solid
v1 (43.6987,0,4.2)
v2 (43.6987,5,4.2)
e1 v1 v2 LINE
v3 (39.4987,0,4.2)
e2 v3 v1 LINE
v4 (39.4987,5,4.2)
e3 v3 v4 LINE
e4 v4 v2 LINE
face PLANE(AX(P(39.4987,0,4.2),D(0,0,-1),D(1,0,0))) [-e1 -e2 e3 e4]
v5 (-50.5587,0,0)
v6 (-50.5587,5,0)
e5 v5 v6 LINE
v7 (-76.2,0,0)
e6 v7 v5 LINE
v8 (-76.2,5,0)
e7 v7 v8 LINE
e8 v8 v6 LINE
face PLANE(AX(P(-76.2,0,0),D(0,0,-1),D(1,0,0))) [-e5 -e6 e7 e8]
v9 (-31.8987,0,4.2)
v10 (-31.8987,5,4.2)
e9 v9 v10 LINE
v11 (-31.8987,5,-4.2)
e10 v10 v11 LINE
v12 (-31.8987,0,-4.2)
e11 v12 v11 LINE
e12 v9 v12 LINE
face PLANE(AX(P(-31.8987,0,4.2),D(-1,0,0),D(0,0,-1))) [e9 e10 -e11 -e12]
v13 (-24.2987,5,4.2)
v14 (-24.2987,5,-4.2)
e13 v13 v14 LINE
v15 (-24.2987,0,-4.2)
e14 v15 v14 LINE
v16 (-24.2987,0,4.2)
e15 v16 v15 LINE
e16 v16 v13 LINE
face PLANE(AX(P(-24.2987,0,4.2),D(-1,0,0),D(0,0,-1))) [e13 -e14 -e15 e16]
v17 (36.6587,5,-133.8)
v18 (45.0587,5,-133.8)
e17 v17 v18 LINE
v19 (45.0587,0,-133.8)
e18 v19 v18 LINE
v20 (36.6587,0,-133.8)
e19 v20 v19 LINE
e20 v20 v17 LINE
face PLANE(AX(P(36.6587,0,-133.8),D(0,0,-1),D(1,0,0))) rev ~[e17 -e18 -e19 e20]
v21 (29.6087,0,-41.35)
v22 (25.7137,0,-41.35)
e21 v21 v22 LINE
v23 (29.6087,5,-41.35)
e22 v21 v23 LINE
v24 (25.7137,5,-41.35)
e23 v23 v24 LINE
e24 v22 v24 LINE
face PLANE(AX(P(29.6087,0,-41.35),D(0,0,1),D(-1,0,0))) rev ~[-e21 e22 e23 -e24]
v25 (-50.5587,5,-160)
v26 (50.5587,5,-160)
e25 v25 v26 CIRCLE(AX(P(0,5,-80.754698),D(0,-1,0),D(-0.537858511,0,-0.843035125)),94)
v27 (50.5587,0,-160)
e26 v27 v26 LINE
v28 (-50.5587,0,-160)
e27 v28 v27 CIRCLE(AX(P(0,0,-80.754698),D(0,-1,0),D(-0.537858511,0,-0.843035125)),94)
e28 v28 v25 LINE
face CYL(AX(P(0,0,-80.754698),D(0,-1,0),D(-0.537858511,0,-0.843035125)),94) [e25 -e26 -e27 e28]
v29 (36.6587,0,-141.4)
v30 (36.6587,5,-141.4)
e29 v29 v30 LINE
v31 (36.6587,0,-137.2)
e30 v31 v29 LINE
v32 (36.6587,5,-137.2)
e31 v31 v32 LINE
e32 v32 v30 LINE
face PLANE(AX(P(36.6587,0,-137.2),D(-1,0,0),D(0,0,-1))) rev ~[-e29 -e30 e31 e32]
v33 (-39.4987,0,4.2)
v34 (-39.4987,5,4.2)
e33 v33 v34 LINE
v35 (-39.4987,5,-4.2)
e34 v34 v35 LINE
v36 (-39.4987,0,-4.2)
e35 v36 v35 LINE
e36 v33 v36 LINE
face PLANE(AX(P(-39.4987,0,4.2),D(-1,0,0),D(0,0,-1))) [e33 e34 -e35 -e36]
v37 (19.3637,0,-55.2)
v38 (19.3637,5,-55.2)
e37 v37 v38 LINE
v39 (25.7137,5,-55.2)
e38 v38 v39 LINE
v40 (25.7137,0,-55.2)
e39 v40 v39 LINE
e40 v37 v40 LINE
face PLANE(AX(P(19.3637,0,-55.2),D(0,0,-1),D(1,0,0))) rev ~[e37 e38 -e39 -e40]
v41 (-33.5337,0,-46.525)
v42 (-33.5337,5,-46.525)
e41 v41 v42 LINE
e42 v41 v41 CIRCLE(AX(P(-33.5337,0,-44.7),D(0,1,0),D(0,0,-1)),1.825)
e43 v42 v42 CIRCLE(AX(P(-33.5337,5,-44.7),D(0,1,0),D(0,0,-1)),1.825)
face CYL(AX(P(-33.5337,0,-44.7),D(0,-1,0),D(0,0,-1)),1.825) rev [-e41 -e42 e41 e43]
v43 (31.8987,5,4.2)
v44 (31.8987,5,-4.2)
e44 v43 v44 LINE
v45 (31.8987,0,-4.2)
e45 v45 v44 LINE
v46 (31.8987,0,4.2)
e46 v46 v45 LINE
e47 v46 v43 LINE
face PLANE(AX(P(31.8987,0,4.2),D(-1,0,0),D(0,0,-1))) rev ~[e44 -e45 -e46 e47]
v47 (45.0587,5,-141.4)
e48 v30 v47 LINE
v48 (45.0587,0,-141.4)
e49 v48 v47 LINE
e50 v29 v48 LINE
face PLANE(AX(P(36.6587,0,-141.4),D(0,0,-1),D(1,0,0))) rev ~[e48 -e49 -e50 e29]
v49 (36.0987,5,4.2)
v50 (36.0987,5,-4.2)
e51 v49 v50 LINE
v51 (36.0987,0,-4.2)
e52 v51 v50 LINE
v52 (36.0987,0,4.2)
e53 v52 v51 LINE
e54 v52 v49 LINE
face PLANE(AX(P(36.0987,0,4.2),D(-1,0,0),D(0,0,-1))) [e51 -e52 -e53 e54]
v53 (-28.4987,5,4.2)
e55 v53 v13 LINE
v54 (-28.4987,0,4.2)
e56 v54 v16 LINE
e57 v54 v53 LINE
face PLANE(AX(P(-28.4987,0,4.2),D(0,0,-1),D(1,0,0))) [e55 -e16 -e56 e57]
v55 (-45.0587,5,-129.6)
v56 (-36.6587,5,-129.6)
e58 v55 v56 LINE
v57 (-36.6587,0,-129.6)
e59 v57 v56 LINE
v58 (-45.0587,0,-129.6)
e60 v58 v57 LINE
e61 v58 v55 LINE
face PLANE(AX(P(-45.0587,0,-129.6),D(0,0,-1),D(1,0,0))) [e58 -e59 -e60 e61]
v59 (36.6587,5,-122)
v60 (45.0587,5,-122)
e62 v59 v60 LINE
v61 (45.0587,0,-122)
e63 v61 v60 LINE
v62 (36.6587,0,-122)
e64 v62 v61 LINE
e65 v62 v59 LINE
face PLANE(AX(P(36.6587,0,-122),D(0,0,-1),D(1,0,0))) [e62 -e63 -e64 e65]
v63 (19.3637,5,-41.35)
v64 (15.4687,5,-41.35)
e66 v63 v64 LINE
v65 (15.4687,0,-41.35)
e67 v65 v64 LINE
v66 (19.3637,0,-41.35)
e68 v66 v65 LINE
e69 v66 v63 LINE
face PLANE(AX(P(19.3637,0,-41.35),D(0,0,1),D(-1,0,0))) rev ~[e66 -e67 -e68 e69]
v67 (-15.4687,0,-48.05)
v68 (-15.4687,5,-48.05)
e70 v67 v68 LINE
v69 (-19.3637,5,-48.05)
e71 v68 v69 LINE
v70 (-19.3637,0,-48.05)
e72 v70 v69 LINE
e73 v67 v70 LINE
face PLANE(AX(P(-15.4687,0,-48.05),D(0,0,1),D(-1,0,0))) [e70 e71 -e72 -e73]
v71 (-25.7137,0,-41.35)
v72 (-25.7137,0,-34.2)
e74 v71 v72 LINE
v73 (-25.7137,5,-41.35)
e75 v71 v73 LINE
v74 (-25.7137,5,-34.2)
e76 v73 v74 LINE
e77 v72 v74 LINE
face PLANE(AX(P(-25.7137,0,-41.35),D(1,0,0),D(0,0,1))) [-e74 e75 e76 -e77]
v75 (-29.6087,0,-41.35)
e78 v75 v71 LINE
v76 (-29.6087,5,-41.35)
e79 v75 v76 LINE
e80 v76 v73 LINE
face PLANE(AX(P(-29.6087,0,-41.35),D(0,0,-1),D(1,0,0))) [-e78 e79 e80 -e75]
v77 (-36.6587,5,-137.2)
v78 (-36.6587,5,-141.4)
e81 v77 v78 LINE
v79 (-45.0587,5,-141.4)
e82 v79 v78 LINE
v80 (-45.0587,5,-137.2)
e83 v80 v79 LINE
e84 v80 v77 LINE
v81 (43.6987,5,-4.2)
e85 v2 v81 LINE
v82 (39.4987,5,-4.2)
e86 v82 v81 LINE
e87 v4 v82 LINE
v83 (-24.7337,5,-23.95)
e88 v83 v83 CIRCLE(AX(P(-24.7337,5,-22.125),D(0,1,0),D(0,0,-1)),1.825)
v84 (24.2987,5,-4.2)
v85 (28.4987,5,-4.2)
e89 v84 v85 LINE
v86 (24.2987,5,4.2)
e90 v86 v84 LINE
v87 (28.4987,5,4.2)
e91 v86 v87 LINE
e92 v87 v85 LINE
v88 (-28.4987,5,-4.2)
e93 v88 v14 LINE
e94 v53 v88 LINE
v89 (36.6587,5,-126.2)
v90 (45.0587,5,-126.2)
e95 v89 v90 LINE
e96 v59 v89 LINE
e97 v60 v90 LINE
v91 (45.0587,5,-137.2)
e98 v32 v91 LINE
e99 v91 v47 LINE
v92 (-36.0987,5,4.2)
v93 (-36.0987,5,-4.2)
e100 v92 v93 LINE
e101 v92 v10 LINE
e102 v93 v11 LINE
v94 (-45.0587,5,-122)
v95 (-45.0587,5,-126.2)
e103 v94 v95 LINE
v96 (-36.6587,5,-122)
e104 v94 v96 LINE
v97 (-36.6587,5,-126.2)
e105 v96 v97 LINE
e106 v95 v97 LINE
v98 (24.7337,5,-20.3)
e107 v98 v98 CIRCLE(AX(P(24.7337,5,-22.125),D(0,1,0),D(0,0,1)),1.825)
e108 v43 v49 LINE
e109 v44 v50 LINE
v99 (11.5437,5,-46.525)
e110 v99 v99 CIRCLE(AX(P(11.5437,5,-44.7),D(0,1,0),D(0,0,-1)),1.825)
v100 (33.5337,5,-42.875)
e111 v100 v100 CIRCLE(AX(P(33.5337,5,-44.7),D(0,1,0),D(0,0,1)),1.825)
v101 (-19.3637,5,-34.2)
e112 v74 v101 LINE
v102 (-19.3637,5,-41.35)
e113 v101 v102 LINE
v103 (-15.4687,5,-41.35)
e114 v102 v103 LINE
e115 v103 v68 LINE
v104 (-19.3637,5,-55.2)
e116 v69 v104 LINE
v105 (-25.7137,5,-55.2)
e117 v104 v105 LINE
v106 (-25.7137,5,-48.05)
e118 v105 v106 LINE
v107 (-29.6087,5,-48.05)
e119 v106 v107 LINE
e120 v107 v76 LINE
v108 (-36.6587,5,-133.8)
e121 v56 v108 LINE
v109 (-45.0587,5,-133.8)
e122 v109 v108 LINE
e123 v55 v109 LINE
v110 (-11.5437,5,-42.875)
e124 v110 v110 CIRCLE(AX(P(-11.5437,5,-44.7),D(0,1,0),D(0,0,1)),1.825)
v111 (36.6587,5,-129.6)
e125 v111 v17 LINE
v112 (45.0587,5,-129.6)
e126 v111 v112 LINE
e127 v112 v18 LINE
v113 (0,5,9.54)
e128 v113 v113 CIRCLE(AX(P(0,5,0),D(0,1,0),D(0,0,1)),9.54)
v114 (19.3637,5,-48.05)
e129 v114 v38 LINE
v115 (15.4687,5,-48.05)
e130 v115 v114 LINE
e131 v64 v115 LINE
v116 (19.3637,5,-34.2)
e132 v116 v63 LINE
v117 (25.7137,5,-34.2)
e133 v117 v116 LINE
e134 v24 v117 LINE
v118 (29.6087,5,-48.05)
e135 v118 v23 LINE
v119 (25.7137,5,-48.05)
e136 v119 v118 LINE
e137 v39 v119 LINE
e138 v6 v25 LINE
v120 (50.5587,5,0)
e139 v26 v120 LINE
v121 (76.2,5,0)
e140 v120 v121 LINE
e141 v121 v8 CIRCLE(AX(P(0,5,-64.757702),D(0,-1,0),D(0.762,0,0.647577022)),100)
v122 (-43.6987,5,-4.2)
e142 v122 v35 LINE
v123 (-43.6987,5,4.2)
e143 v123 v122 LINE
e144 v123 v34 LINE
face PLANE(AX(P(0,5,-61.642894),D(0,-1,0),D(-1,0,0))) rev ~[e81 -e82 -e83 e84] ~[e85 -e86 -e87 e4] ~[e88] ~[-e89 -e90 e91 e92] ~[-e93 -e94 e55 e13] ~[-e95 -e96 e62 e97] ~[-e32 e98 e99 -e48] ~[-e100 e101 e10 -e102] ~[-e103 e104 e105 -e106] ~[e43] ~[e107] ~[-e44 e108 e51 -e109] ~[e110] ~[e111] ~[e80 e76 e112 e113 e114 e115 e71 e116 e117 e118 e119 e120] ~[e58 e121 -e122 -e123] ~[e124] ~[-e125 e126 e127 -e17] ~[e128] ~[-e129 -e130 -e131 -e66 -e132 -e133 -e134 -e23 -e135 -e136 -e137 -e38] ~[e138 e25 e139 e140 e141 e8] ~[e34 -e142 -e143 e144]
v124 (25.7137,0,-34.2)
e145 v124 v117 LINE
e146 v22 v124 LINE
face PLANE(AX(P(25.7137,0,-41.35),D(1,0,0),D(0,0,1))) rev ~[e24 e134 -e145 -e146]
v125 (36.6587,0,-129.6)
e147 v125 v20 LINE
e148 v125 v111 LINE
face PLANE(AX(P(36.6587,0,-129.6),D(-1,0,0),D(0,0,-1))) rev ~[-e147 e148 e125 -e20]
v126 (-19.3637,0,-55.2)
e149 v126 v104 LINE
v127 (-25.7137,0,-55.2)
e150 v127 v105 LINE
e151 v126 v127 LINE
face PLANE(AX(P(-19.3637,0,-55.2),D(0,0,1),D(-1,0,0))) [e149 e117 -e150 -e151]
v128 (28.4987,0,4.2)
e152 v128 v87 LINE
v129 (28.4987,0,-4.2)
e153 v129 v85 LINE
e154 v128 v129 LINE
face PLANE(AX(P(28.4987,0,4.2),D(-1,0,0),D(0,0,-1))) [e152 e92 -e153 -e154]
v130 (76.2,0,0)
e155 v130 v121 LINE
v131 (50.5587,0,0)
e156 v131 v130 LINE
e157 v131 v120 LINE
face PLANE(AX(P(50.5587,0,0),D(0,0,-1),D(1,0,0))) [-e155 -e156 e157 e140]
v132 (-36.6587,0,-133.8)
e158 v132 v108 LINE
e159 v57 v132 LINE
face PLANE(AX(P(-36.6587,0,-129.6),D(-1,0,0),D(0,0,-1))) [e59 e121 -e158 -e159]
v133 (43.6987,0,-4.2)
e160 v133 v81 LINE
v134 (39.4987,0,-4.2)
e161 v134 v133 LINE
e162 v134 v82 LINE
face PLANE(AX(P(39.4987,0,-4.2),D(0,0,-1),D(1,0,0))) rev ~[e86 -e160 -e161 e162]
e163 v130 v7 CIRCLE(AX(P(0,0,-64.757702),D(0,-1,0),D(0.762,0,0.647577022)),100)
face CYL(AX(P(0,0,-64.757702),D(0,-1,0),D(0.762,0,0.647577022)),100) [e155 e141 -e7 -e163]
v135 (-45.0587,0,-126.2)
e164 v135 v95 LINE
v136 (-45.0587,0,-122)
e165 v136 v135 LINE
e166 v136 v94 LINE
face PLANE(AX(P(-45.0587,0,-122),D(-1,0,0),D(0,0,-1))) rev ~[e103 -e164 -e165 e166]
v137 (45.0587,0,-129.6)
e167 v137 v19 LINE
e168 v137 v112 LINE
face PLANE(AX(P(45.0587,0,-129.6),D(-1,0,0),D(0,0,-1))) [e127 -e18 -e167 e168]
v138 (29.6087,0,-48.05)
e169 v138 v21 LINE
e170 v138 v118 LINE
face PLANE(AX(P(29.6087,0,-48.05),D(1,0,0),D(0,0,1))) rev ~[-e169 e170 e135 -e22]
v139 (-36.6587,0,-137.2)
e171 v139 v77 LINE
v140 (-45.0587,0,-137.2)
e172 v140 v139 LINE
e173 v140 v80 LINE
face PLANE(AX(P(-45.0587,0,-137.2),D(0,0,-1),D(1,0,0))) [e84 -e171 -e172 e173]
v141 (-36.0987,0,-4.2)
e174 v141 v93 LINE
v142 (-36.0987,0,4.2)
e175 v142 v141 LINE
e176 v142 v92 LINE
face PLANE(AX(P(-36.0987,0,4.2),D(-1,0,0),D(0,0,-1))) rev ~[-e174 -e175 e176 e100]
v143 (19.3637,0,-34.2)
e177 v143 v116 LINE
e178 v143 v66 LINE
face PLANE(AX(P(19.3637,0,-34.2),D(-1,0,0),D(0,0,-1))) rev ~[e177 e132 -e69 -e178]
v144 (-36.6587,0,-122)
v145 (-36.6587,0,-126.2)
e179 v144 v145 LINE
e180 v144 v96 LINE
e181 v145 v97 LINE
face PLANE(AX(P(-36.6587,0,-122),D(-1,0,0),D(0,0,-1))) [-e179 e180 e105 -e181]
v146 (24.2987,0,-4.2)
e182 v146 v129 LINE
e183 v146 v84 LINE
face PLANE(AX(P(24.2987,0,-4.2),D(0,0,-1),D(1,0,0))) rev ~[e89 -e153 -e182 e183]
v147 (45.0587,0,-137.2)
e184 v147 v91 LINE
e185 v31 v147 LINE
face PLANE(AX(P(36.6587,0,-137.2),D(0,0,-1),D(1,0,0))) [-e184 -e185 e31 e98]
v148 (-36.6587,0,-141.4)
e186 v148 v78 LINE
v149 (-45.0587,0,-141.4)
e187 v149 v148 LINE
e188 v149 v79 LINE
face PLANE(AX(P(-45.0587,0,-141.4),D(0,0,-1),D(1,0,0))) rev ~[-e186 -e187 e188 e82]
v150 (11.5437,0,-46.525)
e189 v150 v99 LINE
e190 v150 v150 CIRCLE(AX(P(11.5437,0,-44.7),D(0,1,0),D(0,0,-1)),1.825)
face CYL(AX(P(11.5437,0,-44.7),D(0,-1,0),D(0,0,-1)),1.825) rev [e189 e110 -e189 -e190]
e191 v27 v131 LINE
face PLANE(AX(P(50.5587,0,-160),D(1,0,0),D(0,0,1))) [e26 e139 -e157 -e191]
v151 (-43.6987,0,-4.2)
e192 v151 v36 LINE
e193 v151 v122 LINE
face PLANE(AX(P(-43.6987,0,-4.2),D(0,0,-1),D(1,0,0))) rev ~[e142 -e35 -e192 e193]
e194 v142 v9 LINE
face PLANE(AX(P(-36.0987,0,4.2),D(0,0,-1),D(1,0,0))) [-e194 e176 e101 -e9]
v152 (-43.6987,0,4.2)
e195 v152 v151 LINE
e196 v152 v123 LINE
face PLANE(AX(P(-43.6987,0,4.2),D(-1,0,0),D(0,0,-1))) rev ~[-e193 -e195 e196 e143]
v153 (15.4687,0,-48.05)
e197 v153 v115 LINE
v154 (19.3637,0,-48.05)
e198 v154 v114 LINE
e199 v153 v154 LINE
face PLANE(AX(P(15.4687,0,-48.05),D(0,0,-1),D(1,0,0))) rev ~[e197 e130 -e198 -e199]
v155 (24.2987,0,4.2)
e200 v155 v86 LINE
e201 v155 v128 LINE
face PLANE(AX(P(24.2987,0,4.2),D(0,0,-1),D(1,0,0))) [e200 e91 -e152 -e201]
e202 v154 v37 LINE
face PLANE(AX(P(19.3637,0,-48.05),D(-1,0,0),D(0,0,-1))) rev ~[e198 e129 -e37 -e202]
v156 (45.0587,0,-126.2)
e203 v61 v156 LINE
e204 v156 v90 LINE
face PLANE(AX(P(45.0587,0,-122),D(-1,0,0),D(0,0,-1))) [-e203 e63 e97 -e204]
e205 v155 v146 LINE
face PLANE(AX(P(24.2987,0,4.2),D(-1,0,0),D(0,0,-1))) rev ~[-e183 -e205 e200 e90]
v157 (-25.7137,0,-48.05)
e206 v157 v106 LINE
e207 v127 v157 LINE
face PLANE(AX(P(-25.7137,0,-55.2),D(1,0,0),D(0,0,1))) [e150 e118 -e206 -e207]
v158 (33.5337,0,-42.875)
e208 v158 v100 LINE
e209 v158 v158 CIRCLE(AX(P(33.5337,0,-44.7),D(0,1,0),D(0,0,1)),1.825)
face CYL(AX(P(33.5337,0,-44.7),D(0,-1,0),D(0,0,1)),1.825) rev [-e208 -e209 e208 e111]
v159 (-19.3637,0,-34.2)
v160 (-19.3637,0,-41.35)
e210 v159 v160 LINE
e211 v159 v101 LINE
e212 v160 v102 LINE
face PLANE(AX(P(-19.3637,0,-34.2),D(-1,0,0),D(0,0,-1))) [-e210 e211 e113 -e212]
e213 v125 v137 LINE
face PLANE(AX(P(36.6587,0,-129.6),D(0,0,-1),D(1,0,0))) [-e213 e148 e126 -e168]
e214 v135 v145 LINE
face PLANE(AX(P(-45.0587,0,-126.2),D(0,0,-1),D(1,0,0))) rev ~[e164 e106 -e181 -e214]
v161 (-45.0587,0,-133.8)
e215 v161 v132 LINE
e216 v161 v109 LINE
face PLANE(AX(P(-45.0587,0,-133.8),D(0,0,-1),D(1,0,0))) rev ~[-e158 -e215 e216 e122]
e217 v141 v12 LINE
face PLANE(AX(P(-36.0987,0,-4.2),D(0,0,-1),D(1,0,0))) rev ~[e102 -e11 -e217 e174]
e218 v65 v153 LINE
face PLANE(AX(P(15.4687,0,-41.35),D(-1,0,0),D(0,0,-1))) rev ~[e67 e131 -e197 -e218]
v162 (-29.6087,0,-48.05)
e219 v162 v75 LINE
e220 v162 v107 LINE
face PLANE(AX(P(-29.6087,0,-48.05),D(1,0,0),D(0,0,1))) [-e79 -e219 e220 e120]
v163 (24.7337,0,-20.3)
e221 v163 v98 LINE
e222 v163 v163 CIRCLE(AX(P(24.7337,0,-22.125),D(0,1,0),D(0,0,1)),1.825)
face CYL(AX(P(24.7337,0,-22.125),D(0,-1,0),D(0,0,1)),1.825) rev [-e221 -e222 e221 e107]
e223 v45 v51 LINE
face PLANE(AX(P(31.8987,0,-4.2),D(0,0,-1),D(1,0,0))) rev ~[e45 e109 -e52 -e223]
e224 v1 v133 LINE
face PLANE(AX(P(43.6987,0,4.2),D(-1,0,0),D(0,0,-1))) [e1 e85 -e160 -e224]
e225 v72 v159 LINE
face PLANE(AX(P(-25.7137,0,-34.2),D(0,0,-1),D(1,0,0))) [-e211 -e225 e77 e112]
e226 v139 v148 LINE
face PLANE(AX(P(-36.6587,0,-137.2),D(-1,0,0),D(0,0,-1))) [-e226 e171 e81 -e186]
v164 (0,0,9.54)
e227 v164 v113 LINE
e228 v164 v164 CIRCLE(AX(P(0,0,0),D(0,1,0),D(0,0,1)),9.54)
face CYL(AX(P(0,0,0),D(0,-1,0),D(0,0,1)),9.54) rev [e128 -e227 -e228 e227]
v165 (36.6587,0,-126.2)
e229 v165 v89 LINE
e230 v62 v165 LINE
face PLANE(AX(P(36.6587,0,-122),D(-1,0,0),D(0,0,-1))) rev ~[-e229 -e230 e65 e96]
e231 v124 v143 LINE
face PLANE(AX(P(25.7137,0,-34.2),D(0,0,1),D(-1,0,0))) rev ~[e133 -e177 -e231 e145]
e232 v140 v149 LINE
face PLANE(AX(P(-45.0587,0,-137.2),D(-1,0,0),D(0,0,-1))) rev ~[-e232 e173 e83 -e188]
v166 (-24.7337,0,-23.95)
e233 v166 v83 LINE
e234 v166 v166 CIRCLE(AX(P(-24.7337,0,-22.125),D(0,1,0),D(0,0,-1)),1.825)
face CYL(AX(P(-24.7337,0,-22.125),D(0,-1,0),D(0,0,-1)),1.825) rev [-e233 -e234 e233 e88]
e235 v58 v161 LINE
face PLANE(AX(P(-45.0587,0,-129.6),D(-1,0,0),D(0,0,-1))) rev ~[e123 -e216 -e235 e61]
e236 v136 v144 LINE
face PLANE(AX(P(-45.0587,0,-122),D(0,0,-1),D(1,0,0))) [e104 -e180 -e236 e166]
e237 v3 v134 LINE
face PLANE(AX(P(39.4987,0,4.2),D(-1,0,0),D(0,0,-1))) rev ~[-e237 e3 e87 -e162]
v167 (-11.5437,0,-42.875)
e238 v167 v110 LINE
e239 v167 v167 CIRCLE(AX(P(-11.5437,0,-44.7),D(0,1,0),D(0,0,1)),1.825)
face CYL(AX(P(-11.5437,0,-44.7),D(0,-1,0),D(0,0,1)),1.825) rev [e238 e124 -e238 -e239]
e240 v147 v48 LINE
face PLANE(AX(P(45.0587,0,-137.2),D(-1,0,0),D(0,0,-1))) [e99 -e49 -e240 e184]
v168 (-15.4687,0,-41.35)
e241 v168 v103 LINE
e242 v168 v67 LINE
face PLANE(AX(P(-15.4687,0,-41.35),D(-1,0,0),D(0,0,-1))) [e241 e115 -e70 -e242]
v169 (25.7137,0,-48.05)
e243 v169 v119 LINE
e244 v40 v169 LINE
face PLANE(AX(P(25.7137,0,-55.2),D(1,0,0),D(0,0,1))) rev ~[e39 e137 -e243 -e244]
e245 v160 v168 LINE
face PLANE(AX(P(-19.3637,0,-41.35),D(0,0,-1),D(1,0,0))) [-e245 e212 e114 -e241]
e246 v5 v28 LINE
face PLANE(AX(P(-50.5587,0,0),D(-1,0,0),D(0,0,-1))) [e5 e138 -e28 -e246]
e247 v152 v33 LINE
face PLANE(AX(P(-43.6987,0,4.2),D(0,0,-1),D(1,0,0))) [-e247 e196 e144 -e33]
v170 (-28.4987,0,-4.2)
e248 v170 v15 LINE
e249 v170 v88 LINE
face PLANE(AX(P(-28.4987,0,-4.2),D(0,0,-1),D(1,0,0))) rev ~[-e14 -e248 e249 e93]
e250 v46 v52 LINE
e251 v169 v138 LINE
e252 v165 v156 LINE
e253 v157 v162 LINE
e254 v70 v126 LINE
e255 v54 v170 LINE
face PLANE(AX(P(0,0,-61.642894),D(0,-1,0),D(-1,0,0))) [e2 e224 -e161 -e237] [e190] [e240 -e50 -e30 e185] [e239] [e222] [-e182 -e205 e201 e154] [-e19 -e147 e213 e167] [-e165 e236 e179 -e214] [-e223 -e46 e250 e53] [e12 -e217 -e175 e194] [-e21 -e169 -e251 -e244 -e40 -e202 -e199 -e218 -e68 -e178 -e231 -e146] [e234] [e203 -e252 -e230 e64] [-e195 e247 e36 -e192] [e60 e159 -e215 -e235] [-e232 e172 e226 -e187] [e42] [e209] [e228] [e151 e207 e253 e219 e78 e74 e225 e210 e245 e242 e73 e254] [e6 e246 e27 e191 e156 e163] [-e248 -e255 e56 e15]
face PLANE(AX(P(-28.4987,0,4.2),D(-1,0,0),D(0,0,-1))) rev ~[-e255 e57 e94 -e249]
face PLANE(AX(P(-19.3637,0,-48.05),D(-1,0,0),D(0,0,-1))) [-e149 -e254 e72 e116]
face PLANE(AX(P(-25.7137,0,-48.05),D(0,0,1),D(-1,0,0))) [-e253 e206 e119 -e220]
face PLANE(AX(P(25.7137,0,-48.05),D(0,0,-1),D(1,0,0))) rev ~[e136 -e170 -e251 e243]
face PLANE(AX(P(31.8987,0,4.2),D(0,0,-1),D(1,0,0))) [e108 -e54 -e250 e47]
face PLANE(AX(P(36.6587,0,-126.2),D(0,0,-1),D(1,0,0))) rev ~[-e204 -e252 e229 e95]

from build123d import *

# Parameters (mm, degrees)
CROQUIS3_R              = 9.54
CROQUIS3_R_2            = 1.825
CROQUIS3_W              = 8.4
CROQUIS3_H              = 4.2
CROQUIS3_W_2            = 4.2
CROQUIS3_H_2            = 8.4
SALIENTE_EXTRUIR1_DEPTH = 5


with BuildPart() as part:
    # Croquis3 → Saliente-Extruir1 (new body)
    with BuildSketch(Plane(origin=(0, 0, 0), x_dir=(1, 0, 0), z_dir=(0, 1, 0))):
        with BuildLine():
            Line((50.5587, 0), (76.2, 0))
            ThreePointArc((76.2, 0), (0, -35.242297755), (-76.2, 0))
            Line((-76.2, 0), (-50.5587, 0))
            Line((-50.5587, 0), (-50.5587, 160))
            ThreePointArc((-50.5587, 160), (0, 174.754698219), (50.5587, 160))
            Line((50.5587, 160), (50.5587, 0))
        make_face()
        with Locations(Location((0, 0, 0), (0, 0, 270))):
            Circle(CROQUIS3_R, mode=Mode.SUBTRACT)
        with Locations(Location((33.5337, 44.7, 0), (0, 0, 270))):
            Circle(CROQUIS3_R_2, mode=Mode.SUBTRACT)
        with Locations(Location((11.5437, 44.7, 0), (0, 0, 90))):
            Circle(CROQUIS3_R_2, mode=Mode.SUBTRACT)
        with Locations(Location((-33.5337, 44.7, 0), (0, 0, 90))):
            Circle(CROQUIS3_R_2, mode=Mode.SUBTRACT)
        with Locations(Location((-11.5437, 44.7, 0), (0, 0, 270))):
            Circle(CROQUIS3_R_2, mode=Mode.SUBTRACT)
        with Locations(Location((24.7337, 22.125, 0), (0, 0, 270))):
            Circle(CROQUIS3_R_2, mode=Mode.SUBTRACT)
        with Locations(Location((-24.7337, 22.125, 0), (0, 0, 90))):
            Circle(CROQUIS3_R_2, mode=Mode.SUBTRACT)
        with Locations((40.8587, 131.7)):
            Rectangle(CROQUIS3_W, CROQUIS3_H, mode=Mode.SUBTRACT)
        with Locations((40.8587, 124.1)):
            Rectangle(CROQUIS3_W, CROQUIS3_H, mode=Mode.SUBTRACT)
        with Locations((40.8587, 139.3)):
            Rectangle(CROQUIS3_W, CROQUIS3_H, mode=Mode.SUBTRACT)
        with Locations((-40.8587, 124.1)):
            Rectangle(CROQUIS3_W, CROQUIS3_H, mode=Mode.SUBTRACT)
        with Locations((-40.8587, 131.7)):
            Rectangle(CROQUIS3_W, CROQUIS3_H, mode=Mode.SUBTRACT)
        with Locations((-40.8587, 139.3)):
            Rectangle(CROQUIS3_W, CROQUIS3_H, mode=Mode.SUBTRACT)
        with Locations((33.9987, 0)):
            Rectangle(CROQUIS3_W_2, CROQUIS3_H_2, mode=Mode.SUBTRACT)
        with Locations((41.5987, 0)):
            Rectangle(CROQUIS3_W_2, CROQUIS3_H_2, mode=Mode.SUBTRACT)
        with Locations((26.3987, 0)):
            Rectangle(CROQUIS3_W_2, CROQUIS3_H_2, mode=Mode.SUBTRACT)
        with Locations((-41.5987, 0)):
            Rectangle(CROQUIS3_W_2, CROQUIS3_H_2, mode=Mode.SUBTRACT)
        with Locations((-33.9987, 0)):
            Rectangle(CROQUIS3_W_2, CROQUIS3_H_2, mode=Mode.SUBTRACT)
        with Locations((-26.3987, 0)):
            Rectangle(CROQUIS3_W_2, CROQUIS3_H_2, mode=Mode.SUBTRACT)
        Polygon((19.3637, 34.2), (19.3637, 41.35), (15.4687, 41.35), (15.4687, 48.05), (19.3637, 48.05), (19.3637, 55.2), (25.7137, 55.2), (25.7137, 48.05), (29.6087, 48.05), (29.6087, 41.35), (25.7137, 41.35), (25.7137, 34.2), align=None, mode=Mode.SUBTRACT)
        Polygon((-19.3637, 34.2), (-19.3637, 41.35), (-15.4687, 41.35), (-15.4687, 48.05), (-19.3637, 48.05), (-19.3637, 55.2), (-25.7137, 55.2), (-25.7137, 48.05), (-29.6087, 48.05), (-29.6087, 41.35), (-25.7137, 41.35), (-25.7137, 34.2), align=None, mode=Mode.SUBTRACT)
    extrude(amount=SALIENTE_EXTRUIR1_DEPTH)


solid = part.part
